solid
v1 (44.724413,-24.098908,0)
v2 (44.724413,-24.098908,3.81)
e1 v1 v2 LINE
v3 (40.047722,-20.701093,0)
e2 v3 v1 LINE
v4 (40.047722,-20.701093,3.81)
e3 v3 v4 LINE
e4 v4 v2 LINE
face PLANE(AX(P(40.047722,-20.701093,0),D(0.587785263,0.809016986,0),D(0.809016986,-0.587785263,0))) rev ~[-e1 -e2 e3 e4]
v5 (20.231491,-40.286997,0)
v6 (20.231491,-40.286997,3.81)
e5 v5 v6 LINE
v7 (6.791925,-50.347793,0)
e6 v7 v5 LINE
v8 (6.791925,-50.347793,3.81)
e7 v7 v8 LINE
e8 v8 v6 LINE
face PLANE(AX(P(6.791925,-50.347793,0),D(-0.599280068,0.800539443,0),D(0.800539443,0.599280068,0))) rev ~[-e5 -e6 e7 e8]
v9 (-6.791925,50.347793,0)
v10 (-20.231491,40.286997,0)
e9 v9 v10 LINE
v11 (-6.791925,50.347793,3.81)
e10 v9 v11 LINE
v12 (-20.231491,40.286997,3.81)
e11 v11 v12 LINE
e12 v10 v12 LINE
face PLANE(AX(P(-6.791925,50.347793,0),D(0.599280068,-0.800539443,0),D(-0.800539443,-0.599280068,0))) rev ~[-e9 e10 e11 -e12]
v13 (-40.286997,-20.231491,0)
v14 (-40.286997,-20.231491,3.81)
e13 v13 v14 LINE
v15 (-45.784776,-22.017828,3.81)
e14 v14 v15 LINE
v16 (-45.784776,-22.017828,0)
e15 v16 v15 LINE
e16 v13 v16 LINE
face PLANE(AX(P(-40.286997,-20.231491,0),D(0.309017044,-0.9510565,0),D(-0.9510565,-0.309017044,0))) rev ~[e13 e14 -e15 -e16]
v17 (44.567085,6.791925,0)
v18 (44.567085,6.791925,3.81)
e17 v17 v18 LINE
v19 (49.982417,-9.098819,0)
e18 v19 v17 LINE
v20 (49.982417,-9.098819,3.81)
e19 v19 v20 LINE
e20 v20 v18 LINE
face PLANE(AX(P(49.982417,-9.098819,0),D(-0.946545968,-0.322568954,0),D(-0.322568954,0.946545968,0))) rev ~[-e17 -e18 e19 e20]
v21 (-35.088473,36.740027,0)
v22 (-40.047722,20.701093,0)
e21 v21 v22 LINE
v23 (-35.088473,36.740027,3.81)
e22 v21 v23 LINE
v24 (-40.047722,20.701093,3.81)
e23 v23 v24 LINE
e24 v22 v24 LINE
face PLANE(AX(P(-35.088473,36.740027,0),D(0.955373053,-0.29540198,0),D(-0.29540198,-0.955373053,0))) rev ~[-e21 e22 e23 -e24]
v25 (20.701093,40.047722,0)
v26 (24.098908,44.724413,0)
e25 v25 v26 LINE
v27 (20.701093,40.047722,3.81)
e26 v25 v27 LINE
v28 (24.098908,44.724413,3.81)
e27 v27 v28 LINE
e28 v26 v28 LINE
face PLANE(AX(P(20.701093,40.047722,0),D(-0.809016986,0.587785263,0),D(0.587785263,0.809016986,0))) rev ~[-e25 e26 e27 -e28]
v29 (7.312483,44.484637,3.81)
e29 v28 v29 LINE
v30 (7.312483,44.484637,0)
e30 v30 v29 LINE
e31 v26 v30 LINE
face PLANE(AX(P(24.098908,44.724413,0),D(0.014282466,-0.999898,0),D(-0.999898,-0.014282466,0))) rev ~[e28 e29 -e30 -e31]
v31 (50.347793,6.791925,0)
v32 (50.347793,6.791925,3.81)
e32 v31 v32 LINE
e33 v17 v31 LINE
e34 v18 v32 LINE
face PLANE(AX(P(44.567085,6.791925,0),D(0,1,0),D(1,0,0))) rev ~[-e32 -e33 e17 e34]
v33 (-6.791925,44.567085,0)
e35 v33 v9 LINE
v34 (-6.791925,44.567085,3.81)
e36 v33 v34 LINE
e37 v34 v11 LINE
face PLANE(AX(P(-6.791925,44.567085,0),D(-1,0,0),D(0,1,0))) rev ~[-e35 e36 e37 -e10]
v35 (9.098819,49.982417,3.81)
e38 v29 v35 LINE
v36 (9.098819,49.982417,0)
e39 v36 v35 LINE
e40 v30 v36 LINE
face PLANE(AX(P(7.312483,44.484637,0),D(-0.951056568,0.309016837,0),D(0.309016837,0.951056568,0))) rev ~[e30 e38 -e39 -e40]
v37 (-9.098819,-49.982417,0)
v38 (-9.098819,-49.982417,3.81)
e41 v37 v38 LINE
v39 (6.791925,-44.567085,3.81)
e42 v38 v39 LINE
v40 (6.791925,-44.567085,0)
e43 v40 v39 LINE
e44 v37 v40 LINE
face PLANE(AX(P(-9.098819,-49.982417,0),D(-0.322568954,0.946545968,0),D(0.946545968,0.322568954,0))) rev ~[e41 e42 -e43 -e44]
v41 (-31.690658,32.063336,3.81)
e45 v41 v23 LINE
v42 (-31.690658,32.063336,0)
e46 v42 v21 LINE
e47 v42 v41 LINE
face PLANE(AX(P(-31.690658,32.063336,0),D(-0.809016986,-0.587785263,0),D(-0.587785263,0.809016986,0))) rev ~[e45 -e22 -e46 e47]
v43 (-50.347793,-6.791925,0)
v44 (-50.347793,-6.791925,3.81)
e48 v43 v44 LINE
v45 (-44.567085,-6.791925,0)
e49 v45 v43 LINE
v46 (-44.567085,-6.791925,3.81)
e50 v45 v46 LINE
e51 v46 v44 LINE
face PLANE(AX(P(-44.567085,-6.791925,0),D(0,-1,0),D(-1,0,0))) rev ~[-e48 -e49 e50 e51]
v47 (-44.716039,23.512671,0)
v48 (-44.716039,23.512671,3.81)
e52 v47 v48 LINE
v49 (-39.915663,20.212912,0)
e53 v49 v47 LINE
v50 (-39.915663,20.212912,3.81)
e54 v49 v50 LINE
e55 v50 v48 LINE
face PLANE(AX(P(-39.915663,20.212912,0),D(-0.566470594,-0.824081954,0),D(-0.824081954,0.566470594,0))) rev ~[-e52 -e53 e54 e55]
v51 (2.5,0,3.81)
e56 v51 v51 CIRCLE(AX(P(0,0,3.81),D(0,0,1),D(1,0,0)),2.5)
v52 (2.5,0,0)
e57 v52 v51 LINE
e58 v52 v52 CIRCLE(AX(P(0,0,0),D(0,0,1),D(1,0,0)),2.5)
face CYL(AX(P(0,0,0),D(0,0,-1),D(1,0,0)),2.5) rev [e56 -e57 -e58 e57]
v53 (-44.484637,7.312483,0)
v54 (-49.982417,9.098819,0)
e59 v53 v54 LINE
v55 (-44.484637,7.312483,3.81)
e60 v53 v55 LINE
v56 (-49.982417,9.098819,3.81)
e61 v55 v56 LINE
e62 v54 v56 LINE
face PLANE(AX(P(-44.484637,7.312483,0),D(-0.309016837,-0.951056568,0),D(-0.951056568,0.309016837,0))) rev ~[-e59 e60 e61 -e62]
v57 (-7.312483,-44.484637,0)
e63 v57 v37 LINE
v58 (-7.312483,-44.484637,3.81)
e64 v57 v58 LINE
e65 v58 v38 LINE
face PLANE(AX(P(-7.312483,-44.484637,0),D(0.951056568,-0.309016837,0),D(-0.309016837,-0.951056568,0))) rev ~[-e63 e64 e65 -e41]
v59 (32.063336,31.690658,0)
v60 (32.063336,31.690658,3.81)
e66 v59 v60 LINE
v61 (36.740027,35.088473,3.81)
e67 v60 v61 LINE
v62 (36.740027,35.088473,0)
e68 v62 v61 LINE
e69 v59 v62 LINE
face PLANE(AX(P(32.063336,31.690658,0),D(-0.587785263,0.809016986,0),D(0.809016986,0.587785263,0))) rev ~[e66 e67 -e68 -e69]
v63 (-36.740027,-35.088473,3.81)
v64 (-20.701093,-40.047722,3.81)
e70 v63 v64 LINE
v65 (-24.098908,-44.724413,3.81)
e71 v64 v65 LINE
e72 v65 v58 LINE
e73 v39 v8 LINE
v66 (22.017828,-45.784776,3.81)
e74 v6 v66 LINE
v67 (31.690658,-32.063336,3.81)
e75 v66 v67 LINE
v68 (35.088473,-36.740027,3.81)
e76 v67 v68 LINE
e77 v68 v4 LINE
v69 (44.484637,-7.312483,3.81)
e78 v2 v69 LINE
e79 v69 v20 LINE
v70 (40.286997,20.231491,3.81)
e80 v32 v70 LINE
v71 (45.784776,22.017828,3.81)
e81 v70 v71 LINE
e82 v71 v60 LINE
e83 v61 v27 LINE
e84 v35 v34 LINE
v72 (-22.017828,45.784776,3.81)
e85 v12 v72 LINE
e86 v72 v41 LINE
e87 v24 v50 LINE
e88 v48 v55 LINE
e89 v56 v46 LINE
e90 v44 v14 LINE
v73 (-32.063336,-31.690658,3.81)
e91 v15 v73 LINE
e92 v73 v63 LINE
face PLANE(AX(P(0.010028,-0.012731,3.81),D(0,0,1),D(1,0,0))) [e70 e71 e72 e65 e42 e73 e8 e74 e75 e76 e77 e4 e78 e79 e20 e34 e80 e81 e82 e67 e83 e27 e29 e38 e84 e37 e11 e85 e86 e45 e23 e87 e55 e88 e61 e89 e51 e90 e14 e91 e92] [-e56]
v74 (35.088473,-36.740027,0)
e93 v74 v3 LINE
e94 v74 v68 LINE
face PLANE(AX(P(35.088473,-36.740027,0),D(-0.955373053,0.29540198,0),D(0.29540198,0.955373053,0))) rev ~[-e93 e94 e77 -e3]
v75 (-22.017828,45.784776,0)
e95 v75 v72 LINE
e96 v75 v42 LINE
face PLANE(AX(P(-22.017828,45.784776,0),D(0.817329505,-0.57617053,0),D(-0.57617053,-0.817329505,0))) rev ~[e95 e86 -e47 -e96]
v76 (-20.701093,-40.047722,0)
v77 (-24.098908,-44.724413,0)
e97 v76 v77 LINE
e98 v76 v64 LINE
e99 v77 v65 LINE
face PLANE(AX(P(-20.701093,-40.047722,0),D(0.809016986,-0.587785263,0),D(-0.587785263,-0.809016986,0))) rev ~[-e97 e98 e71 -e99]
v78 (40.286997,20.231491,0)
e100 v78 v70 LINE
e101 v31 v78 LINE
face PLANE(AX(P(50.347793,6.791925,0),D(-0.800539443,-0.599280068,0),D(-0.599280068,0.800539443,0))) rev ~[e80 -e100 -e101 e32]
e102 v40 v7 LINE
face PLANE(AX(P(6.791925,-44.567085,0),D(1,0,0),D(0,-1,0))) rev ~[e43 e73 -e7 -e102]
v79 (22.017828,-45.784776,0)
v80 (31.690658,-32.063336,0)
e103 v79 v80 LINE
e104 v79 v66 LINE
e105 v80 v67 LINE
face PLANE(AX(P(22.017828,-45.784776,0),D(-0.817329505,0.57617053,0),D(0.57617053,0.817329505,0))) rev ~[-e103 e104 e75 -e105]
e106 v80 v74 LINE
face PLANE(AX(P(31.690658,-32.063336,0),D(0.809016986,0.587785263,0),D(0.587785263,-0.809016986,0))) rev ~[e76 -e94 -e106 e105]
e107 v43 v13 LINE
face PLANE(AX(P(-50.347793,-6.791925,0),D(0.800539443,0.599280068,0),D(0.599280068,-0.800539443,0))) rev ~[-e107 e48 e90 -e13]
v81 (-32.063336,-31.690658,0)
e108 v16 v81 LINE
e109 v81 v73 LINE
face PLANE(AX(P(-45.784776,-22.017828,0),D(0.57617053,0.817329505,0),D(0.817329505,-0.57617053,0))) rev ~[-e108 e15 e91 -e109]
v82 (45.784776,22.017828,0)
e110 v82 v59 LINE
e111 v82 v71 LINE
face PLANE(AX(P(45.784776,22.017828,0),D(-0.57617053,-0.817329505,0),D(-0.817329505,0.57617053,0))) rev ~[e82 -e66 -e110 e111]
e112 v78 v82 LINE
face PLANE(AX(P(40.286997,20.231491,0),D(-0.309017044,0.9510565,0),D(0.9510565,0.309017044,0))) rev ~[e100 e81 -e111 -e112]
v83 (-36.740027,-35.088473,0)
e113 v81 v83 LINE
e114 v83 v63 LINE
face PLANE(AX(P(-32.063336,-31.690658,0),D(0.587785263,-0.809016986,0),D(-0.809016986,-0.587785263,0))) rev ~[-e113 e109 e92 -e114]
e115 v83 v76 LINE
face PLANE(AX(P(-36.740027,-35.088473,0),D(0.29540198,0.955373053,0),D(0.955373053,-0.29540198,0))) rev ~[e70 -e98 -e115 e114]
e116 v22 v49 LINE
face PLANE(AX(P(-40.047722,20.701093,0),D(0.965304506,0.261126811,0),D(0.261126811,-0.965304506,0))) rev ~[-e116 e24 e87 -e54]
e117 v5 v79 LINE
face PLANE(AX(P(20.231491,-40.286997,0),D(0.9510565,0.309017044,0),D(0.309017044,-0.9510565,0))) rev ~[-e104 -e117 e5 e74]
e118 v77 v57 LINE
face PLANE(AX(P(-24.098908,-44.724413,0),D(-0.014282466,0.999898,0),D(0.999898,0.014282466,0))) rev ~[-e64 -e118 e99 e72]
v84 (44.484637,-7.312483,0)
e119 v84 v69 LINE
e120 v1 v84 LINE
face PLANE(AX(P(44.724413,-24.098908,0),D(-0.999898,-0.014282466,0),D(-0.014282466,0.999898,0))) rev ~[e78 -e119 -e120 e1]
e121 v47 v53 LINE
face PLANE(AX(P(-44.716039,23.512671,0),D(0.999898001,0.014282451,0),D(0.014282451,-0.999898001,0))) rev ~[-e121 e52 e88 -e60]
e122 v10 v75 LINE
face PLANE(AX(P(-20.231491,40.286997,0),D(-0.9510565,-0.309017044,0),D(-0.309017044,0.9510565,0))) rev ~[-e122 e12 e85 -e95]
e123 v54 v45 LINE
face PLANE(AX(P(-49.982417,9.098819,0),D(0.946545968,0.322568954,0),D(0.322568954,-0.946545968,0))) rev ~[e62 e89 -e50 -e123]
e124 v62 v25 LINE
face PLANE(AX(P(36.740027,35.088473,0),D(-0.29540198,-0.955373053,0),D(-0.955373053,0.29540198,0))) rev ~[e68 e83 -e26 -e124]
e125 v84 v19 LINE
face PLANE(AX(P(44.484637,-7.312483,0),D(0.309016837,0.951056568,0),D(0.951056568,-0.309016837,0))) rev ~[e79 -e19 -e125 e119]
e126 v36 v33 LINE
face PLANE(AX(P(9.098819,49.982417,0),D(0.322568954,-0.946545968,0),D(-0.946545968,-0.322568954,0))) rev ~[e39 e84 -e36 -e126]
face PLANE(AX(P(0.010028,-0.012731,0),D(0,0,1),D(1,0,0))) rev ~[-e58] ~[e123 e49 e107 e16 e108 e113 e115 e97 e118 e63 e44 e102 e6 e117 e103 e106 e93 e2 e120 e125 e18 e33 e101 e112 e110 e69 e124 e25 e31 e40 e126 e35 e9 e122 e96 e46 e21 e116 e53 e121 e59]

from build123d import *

# Parameters (mm, degrees)
F0_R     = 8.483319
F0_R_2   = 2.5
F1_DEPTH = 3.81


with BuildPart() as f1:
    # F0 (on Top) → F1 (new body)
    with BuildSketch(Plane.XY):
        Polygon((-32.063336, -31.690658), (-36.740027, -35.088473), (-20.701093, -40.047722), (-24.098908, -44.724413), (-7.312483, -44.484637), (-9.098819, -49.982417), (6.791925, -44.567085), (6.791925, -50.347793), (20.231491, -40.286997), (22.017828, -45.784776), (31.690658, -32.063336), (35.088473, -36.740027), (40.047722, -20.701093), (44.724413, -24.098908), (44.484637, -7.312483), (49.982417, -9.098819), (44.567085, 6.791925), (50.347793, 6.791925), (40.286997, 20.231491), (45.784776, 22.017828), (32.063336, 31.690658), (36.740027, 35.088473), (20.701093, 40.047722), (24.098908, 44.724413), (7.312483, 44.484637), (9.098819, 49.982417), (-6.791925, 44.567085), (-6.791925, 50.347793), (-20.231491, 40.286997), (-22.017828, 45.784776), (-31.690658, 32.063336), (-35.088473, 36.740027), (-40.047722, 20.701093), (-39.915663, 20.212912), (-44.716039, 23.512671), (-44.484637, 7.312483), (-49.982417, 9.098819), (-44.567085, -6.791925), (-50.347793, -6.791925), (-40.286997, -20.231491), (-45.784776, -22.017828), align=None)
        Circle(F0_R, mode=Mode.SUBTRACT)
        Circle(F0_R)
        Circle(F0_R_2, mode=Mode.SUBTRACT)
    extrude(amount=F1_DEPTH)


solid = f1.part
